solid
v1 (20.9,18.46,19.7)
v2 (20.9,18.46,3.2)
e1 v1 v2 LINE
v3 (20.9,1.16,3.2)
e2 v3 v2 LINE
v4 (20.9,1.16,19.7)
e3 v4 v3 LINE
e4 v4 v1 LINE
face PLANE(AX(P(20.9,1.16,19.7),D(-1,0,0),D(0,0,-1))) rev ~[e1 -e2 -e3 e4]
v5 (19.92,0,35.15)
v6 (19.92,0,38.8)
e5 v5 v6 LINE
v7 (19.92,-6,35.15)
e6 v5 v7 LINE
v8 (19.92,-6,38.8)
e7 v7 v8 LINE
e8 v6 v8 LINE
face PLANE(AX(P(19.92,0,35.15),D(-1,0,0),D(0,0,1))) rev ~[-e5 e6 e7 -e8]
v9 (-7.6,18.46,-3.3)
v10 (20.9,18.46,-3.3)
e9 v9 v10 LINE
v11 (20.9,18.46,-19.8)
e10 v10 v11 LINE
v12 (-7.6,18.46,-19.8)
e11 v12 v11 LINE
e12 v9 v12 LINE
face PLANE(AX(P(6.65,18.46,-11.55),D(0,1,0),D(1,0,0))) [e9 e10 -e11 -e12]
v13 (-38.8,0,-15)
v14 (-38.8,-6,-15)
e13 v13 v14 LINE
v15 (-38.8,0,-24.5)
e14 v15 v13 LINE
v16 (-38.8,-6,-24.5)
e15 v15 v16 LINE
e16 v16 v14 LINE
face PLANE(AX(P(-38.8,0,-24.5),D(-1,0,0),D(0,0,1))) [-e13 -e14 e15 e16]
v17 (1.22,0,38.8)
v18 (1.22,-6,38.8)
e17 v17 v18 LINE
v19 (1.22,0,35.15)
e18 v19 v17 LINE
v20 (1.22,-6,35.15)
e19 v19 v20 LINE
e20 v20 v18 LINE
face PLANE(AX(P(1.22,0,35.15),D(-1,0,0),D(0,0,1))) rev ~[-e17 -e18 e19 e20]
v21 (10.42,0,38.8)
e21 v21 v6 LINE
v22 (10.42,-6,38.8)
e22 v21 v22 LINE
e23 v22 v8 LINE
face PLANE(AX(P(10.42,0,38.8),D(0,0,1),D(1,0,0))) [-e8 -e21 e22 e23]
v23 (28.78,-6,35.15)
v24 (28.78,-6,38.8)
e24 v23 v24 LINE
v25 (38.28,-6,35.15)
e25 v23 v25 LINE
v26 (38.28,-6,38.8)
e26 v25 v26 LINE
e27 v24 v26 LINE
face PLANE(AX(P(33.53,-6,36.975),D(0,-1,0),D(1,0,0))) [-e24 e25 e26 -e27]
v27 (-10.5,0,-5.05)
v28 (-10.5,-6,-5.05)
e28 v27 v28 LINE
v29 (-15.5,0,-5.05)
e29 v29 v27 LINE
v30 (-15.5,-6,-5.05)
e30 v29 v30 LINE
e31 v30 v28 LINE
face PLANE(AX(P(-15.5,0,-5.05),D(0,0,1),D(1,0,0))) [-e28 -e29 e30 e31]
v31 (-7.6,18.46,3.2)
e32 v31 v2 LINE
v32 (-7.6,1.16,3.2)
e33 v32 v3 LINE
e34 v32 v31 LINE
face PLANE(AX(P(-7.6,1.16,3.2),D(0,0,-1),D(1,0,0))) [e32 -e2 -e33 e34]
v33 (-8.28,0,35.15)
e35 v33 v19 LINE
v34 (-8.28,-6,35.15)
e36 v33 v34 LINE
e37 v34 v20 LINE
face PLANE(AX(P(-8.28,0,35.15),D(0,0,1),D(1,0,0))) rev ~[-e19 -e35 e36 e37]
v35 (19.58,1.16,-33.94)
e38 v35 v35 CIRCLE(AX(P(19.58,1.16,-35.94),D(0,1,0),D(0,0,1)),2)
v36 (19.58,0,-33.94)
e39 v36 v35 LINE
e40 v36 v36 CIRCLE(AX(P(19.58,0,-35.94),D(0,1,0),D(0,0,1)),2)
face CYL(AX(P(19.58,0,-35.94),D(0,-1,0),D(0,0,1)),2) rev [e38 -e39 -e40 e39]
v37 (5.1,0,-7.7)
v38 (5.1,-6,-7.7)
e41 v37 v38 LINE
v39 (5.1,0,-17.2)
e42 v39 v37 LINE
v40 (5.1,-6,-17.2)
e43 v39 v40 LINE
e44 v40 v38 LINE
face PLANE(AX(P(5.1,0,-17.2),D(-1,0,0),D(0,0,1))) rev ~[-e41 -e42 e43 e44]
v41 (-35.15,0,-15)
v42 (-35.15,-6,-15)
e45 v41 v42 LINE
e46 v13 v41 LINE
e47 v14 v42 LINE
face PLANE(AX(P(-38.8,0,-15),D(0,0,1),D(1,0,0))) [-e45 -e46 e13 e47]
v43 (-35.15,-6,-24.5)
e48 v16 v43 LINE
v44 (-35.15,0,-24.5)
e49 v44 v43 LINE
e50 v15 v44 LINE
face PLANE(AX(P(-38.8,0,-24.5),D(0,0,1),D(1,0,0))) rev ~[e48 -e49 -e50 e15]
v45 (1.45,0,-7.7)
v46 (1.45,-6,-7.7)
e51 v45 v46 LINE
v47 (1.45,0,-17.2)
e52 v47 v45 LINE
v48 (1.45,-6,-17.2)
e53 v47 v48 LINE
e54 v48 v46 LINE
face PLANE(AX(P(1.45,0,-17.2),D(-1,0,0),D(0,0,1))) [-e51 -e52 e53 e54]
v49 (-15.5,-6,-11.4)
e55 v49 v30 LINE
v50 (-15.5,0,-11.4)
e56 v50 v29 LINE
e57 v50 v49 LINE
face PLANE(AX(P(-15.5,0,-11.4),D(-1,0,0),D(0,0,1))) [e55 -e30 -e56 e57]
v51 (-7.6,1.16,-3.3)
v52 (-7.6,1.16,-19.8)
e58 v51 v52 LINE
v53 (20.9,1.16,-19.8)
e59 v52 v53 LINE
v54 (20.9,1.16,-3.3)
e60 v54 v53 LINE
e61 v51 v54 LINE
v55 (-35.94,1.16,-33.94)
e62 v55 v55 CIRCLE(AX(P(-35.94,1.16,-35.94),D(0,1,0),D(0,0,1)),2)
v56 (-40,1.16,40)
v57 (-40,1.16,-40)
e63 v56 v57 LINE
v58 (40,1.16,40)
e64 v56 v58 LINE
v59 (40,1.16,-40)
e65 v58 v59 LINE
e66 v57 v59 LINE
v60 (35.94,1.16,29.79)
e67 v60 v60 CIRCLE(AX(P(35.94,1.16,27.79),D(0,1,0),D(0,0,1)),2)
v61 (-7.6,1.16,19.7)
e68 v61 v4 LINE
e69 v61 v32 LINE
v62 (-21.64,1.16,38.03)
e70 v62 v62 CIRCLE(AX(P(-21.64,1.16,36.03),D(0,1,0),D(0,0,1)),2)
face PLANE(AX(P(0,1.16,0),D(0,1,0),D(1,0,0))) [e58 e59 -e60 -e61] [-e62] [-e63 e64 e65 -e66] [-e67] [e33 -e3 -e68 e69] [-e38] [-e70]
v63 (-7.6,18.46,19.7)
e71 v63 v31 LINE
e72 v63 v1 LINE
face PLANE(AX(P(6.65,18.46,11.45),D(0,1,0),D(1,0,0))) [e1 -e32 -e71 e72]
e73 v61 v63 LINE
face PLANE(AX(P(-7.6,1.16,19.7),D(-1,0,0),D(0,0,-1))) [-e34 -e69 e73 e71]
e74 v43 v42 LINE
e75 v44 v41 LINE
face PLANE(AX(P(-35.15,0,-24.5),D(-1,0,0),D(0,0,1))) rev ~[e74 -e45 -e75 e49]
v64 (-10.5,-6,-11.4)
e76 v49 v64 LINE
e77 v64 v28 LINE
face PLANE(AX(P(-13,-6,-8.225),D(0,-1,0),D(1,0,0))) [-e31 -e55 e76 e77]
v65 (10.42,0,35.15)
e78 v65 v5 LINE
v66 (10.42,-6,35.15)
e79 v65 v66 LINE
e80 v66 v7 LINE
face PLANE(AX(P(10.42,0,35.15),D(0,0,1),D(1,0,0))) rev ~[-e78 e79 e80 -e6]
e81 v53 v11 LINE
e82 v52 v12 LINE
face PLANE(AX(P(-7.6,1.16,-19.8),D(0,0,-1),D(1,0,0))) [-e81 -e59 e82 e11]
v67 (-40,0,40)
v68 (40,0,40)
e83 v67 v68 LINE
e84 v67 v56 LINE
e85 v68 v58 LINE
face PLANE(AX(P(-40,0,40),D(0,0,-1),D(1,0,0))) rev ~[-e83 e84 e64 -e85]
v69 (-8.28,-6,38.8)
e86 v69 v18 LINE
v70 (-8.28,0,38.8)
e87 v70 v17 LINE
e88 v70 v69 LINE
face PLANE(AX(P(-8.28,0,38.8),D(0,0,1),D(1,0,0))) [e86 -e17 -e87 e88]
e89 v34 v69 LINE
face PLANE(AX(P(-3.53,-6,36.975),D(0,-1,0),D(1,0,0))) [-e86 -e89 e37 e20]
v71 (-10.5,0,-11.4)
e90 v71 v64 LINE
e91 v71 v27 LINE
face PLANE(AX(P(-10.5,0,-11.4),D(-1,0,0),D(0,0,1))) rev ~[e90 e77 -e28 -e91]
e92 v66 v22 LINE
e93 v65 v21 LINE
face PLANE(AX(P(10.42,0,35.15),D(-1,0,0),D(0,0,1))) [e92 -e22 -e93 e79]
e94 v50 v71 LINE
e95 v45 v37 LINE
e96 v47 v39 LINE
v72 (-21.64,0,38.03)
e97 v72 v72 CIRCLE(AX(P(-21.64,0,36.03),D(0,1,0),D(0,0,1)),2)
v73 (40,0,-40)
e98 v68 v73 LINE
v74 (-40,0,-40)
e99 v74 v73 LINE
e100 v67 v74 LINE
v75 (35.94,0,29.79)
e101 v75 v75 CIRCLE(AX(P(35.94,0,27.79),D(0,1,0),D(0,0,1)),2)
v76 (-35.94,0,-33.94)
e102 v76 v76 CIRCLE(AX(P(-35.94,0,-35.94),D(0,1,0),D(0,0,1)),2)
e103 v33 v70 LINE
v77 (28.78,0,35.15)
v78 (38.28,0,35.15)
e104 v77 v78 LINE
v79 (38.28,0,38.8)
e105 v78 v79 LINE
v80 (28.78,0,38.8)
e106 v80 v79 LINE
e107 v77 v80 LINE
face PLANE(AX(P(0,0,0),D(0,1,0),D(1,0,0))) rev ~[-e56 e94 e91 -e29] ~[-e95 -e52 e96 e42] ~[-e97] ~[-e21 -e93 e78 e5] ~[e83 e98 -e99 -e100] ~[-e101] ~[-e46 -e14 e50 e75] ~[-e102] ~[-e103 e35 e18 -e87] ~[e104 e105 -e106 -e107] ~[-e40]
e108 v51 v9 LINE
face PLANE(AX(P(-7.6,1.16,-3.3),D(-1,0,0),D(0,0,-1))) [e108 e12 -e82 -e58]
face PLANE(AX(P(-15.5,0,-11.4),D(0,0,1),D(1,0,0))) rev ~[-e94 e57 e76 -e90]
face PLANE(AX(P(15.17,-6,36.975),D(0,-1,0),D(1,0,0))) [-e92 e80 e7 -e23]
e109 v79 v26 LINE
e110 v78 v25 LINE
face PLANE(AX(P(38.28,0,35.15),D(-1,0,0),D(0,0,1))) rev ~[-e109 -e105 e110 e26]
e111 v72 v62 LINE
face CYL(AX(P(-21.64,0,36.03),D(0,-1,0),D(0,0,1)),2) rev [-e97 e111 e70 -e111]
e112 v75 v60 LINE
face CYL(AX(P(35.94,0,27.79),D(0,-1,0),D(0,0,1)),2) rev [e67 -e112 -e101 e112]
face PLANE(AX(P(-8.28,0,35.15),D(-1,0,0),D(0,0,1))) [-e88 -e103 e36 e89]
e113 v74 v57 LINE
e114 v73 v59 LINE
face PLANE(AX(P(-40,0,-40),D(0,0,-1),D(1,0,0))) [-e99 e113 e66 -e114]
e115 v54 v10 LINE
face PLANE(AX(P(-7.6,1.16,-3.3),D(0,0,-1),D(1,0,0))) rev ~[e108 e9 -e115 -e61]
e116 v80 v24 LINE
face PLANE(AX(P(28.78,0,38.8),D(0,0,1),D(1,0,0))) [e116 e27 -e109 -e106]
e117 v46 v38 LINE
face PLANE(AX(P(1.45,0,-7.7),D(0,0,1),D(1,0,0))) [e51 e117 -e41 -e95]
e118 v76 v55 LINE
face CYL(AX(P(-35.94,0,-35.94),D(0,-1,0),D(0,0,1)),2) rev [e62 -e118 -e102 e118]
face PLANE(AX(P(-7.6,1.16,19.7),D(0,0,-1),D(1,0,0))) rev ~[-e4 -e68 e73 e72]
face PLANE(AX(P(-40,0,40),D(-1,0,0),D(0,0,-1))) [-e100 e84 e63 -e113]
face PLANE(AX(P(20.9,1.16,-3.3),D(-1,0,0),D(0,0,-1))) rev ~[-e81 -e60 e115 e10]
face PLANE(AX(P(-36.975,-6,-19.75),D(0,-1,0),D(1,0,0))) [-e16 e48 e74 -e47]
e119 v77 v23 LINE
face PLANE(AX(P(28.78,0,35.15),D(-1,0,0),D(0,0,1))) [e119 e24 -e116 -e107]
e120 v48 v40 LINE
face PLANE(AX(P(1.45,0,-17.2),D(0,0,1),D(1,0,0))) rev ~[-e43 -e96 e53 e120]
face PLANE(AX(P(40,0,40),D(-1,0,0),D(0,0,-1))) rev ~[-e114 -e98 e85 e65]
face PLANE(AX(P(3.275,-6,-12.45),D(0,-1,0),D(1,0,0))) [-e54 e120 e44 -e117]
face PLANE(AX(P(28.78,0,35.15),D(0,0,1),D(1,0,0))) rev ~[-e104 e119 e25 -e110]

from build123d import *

# Parameters (mm, degrees)
ESQUISSE1_W        = 80
ESQUISSE1_H        = 80
ESQUISSE1_R        = 2
BOSS_EXTRU_1_DEPTH = 1.16
ESQUISSE2_W        = 28.5
ESQUISSE2_H        = 16.5
BOSS_EXTRU_2_DEPTH = 17.3
ESQUISSE3_W        = 9.5
ESQUISSE3_H        = 3.65
ESQUISSE3_W_2      = 3.65
ESQUISSE3_H_2      = 9.5
ESQUISSE3_W_3      = 5
ESQUISSE3_H_3      = 6.35
BOSS_EXTRU_3_DEPTH = 6


with BuildPart() as part:
    # Esquisse1 → Boss.-Extru.1 (new body)
    with BuildSketch(Plane(origin=(0, 0, 0), x_dir=(1, 0, 0), z_dir=(0, 1, 0))):
        Rectangle(ESQUISSE1_W, ESQUISSE1_H)
        with Locations(Location((-35.94, 35.94, 0), (0, 0, 270))):
            Circle(ESQUISSE1_R, mode=Mode.SUBTRACT)
        with Locations(Location((19.58, 35.94, 0), (0, 0, 270))):
            Circle(ESQUISSE1_R, mode=Mode.SUBTRACT)
        with Locations(Location((35.94, -27.79, 0), (0, 0, 270))):
            Circle(ESQUISSE1_R, mode=Mode.SUBTRACT)
        with Locations(Location((-21.64, -36.03, 0), (0, 0, 270))):
            Circle(ESQUISSE1_R, mode=Mode.SUBTRACT)
    extrude(amount=BOSS_EXTRU_1_DEPTH)

    # Esquisse2 → Boss.-Extru.2 (add)
    with BuildSketch(Plane(origin=(0, 1.16, 0), x_dir=(1, 0, 0), z_dir=(0, 1, 0))):
        with Locations((6.65, 11.55)):
            Rectangle(ESQUISSE2_W, ESQUISSE2_H)
        with Locations((6.65, -11.45)):
            Rectangle(ESQUISSE2_W, ESQUISSE2_H)
    extrude(amount=BOSS_EXTRU_2_DEPTH)

    # Esquisse3 → Boss.-Extru.3 (add)
    with BuildSketch(Plane.XZ):
        with Locations((33.53, 36.975)):
            Rectangle(ESQUISSE3_W, ESQUISSE3_H)
        with Locations((15.17, 36.975)):
            Rectangle(ESQUISSE3_W, ESQUISSE3_H)
        with Locations((-3.53, 36.975)):
            Rectangle(ESQUISSE3_W, ESQUISSE3_H)
        with Locations((3.275, -12.45)):
            Rectangle(ESQUISSE3_W_2, ESQUISSE3_H_2)
        with Locations((-36.975, -19.75)):
            Rectangle(ESQUISSE3_W_2, ESQUISSE3_H_2)
        with Locations((-13, -8.225)):
            Rectangle(ESQUISSE3_W_3, ESQUISSE3_H_3)
    extrude(amount=BOSS_EXTRU_3_DEPTH)


solid = part.part
